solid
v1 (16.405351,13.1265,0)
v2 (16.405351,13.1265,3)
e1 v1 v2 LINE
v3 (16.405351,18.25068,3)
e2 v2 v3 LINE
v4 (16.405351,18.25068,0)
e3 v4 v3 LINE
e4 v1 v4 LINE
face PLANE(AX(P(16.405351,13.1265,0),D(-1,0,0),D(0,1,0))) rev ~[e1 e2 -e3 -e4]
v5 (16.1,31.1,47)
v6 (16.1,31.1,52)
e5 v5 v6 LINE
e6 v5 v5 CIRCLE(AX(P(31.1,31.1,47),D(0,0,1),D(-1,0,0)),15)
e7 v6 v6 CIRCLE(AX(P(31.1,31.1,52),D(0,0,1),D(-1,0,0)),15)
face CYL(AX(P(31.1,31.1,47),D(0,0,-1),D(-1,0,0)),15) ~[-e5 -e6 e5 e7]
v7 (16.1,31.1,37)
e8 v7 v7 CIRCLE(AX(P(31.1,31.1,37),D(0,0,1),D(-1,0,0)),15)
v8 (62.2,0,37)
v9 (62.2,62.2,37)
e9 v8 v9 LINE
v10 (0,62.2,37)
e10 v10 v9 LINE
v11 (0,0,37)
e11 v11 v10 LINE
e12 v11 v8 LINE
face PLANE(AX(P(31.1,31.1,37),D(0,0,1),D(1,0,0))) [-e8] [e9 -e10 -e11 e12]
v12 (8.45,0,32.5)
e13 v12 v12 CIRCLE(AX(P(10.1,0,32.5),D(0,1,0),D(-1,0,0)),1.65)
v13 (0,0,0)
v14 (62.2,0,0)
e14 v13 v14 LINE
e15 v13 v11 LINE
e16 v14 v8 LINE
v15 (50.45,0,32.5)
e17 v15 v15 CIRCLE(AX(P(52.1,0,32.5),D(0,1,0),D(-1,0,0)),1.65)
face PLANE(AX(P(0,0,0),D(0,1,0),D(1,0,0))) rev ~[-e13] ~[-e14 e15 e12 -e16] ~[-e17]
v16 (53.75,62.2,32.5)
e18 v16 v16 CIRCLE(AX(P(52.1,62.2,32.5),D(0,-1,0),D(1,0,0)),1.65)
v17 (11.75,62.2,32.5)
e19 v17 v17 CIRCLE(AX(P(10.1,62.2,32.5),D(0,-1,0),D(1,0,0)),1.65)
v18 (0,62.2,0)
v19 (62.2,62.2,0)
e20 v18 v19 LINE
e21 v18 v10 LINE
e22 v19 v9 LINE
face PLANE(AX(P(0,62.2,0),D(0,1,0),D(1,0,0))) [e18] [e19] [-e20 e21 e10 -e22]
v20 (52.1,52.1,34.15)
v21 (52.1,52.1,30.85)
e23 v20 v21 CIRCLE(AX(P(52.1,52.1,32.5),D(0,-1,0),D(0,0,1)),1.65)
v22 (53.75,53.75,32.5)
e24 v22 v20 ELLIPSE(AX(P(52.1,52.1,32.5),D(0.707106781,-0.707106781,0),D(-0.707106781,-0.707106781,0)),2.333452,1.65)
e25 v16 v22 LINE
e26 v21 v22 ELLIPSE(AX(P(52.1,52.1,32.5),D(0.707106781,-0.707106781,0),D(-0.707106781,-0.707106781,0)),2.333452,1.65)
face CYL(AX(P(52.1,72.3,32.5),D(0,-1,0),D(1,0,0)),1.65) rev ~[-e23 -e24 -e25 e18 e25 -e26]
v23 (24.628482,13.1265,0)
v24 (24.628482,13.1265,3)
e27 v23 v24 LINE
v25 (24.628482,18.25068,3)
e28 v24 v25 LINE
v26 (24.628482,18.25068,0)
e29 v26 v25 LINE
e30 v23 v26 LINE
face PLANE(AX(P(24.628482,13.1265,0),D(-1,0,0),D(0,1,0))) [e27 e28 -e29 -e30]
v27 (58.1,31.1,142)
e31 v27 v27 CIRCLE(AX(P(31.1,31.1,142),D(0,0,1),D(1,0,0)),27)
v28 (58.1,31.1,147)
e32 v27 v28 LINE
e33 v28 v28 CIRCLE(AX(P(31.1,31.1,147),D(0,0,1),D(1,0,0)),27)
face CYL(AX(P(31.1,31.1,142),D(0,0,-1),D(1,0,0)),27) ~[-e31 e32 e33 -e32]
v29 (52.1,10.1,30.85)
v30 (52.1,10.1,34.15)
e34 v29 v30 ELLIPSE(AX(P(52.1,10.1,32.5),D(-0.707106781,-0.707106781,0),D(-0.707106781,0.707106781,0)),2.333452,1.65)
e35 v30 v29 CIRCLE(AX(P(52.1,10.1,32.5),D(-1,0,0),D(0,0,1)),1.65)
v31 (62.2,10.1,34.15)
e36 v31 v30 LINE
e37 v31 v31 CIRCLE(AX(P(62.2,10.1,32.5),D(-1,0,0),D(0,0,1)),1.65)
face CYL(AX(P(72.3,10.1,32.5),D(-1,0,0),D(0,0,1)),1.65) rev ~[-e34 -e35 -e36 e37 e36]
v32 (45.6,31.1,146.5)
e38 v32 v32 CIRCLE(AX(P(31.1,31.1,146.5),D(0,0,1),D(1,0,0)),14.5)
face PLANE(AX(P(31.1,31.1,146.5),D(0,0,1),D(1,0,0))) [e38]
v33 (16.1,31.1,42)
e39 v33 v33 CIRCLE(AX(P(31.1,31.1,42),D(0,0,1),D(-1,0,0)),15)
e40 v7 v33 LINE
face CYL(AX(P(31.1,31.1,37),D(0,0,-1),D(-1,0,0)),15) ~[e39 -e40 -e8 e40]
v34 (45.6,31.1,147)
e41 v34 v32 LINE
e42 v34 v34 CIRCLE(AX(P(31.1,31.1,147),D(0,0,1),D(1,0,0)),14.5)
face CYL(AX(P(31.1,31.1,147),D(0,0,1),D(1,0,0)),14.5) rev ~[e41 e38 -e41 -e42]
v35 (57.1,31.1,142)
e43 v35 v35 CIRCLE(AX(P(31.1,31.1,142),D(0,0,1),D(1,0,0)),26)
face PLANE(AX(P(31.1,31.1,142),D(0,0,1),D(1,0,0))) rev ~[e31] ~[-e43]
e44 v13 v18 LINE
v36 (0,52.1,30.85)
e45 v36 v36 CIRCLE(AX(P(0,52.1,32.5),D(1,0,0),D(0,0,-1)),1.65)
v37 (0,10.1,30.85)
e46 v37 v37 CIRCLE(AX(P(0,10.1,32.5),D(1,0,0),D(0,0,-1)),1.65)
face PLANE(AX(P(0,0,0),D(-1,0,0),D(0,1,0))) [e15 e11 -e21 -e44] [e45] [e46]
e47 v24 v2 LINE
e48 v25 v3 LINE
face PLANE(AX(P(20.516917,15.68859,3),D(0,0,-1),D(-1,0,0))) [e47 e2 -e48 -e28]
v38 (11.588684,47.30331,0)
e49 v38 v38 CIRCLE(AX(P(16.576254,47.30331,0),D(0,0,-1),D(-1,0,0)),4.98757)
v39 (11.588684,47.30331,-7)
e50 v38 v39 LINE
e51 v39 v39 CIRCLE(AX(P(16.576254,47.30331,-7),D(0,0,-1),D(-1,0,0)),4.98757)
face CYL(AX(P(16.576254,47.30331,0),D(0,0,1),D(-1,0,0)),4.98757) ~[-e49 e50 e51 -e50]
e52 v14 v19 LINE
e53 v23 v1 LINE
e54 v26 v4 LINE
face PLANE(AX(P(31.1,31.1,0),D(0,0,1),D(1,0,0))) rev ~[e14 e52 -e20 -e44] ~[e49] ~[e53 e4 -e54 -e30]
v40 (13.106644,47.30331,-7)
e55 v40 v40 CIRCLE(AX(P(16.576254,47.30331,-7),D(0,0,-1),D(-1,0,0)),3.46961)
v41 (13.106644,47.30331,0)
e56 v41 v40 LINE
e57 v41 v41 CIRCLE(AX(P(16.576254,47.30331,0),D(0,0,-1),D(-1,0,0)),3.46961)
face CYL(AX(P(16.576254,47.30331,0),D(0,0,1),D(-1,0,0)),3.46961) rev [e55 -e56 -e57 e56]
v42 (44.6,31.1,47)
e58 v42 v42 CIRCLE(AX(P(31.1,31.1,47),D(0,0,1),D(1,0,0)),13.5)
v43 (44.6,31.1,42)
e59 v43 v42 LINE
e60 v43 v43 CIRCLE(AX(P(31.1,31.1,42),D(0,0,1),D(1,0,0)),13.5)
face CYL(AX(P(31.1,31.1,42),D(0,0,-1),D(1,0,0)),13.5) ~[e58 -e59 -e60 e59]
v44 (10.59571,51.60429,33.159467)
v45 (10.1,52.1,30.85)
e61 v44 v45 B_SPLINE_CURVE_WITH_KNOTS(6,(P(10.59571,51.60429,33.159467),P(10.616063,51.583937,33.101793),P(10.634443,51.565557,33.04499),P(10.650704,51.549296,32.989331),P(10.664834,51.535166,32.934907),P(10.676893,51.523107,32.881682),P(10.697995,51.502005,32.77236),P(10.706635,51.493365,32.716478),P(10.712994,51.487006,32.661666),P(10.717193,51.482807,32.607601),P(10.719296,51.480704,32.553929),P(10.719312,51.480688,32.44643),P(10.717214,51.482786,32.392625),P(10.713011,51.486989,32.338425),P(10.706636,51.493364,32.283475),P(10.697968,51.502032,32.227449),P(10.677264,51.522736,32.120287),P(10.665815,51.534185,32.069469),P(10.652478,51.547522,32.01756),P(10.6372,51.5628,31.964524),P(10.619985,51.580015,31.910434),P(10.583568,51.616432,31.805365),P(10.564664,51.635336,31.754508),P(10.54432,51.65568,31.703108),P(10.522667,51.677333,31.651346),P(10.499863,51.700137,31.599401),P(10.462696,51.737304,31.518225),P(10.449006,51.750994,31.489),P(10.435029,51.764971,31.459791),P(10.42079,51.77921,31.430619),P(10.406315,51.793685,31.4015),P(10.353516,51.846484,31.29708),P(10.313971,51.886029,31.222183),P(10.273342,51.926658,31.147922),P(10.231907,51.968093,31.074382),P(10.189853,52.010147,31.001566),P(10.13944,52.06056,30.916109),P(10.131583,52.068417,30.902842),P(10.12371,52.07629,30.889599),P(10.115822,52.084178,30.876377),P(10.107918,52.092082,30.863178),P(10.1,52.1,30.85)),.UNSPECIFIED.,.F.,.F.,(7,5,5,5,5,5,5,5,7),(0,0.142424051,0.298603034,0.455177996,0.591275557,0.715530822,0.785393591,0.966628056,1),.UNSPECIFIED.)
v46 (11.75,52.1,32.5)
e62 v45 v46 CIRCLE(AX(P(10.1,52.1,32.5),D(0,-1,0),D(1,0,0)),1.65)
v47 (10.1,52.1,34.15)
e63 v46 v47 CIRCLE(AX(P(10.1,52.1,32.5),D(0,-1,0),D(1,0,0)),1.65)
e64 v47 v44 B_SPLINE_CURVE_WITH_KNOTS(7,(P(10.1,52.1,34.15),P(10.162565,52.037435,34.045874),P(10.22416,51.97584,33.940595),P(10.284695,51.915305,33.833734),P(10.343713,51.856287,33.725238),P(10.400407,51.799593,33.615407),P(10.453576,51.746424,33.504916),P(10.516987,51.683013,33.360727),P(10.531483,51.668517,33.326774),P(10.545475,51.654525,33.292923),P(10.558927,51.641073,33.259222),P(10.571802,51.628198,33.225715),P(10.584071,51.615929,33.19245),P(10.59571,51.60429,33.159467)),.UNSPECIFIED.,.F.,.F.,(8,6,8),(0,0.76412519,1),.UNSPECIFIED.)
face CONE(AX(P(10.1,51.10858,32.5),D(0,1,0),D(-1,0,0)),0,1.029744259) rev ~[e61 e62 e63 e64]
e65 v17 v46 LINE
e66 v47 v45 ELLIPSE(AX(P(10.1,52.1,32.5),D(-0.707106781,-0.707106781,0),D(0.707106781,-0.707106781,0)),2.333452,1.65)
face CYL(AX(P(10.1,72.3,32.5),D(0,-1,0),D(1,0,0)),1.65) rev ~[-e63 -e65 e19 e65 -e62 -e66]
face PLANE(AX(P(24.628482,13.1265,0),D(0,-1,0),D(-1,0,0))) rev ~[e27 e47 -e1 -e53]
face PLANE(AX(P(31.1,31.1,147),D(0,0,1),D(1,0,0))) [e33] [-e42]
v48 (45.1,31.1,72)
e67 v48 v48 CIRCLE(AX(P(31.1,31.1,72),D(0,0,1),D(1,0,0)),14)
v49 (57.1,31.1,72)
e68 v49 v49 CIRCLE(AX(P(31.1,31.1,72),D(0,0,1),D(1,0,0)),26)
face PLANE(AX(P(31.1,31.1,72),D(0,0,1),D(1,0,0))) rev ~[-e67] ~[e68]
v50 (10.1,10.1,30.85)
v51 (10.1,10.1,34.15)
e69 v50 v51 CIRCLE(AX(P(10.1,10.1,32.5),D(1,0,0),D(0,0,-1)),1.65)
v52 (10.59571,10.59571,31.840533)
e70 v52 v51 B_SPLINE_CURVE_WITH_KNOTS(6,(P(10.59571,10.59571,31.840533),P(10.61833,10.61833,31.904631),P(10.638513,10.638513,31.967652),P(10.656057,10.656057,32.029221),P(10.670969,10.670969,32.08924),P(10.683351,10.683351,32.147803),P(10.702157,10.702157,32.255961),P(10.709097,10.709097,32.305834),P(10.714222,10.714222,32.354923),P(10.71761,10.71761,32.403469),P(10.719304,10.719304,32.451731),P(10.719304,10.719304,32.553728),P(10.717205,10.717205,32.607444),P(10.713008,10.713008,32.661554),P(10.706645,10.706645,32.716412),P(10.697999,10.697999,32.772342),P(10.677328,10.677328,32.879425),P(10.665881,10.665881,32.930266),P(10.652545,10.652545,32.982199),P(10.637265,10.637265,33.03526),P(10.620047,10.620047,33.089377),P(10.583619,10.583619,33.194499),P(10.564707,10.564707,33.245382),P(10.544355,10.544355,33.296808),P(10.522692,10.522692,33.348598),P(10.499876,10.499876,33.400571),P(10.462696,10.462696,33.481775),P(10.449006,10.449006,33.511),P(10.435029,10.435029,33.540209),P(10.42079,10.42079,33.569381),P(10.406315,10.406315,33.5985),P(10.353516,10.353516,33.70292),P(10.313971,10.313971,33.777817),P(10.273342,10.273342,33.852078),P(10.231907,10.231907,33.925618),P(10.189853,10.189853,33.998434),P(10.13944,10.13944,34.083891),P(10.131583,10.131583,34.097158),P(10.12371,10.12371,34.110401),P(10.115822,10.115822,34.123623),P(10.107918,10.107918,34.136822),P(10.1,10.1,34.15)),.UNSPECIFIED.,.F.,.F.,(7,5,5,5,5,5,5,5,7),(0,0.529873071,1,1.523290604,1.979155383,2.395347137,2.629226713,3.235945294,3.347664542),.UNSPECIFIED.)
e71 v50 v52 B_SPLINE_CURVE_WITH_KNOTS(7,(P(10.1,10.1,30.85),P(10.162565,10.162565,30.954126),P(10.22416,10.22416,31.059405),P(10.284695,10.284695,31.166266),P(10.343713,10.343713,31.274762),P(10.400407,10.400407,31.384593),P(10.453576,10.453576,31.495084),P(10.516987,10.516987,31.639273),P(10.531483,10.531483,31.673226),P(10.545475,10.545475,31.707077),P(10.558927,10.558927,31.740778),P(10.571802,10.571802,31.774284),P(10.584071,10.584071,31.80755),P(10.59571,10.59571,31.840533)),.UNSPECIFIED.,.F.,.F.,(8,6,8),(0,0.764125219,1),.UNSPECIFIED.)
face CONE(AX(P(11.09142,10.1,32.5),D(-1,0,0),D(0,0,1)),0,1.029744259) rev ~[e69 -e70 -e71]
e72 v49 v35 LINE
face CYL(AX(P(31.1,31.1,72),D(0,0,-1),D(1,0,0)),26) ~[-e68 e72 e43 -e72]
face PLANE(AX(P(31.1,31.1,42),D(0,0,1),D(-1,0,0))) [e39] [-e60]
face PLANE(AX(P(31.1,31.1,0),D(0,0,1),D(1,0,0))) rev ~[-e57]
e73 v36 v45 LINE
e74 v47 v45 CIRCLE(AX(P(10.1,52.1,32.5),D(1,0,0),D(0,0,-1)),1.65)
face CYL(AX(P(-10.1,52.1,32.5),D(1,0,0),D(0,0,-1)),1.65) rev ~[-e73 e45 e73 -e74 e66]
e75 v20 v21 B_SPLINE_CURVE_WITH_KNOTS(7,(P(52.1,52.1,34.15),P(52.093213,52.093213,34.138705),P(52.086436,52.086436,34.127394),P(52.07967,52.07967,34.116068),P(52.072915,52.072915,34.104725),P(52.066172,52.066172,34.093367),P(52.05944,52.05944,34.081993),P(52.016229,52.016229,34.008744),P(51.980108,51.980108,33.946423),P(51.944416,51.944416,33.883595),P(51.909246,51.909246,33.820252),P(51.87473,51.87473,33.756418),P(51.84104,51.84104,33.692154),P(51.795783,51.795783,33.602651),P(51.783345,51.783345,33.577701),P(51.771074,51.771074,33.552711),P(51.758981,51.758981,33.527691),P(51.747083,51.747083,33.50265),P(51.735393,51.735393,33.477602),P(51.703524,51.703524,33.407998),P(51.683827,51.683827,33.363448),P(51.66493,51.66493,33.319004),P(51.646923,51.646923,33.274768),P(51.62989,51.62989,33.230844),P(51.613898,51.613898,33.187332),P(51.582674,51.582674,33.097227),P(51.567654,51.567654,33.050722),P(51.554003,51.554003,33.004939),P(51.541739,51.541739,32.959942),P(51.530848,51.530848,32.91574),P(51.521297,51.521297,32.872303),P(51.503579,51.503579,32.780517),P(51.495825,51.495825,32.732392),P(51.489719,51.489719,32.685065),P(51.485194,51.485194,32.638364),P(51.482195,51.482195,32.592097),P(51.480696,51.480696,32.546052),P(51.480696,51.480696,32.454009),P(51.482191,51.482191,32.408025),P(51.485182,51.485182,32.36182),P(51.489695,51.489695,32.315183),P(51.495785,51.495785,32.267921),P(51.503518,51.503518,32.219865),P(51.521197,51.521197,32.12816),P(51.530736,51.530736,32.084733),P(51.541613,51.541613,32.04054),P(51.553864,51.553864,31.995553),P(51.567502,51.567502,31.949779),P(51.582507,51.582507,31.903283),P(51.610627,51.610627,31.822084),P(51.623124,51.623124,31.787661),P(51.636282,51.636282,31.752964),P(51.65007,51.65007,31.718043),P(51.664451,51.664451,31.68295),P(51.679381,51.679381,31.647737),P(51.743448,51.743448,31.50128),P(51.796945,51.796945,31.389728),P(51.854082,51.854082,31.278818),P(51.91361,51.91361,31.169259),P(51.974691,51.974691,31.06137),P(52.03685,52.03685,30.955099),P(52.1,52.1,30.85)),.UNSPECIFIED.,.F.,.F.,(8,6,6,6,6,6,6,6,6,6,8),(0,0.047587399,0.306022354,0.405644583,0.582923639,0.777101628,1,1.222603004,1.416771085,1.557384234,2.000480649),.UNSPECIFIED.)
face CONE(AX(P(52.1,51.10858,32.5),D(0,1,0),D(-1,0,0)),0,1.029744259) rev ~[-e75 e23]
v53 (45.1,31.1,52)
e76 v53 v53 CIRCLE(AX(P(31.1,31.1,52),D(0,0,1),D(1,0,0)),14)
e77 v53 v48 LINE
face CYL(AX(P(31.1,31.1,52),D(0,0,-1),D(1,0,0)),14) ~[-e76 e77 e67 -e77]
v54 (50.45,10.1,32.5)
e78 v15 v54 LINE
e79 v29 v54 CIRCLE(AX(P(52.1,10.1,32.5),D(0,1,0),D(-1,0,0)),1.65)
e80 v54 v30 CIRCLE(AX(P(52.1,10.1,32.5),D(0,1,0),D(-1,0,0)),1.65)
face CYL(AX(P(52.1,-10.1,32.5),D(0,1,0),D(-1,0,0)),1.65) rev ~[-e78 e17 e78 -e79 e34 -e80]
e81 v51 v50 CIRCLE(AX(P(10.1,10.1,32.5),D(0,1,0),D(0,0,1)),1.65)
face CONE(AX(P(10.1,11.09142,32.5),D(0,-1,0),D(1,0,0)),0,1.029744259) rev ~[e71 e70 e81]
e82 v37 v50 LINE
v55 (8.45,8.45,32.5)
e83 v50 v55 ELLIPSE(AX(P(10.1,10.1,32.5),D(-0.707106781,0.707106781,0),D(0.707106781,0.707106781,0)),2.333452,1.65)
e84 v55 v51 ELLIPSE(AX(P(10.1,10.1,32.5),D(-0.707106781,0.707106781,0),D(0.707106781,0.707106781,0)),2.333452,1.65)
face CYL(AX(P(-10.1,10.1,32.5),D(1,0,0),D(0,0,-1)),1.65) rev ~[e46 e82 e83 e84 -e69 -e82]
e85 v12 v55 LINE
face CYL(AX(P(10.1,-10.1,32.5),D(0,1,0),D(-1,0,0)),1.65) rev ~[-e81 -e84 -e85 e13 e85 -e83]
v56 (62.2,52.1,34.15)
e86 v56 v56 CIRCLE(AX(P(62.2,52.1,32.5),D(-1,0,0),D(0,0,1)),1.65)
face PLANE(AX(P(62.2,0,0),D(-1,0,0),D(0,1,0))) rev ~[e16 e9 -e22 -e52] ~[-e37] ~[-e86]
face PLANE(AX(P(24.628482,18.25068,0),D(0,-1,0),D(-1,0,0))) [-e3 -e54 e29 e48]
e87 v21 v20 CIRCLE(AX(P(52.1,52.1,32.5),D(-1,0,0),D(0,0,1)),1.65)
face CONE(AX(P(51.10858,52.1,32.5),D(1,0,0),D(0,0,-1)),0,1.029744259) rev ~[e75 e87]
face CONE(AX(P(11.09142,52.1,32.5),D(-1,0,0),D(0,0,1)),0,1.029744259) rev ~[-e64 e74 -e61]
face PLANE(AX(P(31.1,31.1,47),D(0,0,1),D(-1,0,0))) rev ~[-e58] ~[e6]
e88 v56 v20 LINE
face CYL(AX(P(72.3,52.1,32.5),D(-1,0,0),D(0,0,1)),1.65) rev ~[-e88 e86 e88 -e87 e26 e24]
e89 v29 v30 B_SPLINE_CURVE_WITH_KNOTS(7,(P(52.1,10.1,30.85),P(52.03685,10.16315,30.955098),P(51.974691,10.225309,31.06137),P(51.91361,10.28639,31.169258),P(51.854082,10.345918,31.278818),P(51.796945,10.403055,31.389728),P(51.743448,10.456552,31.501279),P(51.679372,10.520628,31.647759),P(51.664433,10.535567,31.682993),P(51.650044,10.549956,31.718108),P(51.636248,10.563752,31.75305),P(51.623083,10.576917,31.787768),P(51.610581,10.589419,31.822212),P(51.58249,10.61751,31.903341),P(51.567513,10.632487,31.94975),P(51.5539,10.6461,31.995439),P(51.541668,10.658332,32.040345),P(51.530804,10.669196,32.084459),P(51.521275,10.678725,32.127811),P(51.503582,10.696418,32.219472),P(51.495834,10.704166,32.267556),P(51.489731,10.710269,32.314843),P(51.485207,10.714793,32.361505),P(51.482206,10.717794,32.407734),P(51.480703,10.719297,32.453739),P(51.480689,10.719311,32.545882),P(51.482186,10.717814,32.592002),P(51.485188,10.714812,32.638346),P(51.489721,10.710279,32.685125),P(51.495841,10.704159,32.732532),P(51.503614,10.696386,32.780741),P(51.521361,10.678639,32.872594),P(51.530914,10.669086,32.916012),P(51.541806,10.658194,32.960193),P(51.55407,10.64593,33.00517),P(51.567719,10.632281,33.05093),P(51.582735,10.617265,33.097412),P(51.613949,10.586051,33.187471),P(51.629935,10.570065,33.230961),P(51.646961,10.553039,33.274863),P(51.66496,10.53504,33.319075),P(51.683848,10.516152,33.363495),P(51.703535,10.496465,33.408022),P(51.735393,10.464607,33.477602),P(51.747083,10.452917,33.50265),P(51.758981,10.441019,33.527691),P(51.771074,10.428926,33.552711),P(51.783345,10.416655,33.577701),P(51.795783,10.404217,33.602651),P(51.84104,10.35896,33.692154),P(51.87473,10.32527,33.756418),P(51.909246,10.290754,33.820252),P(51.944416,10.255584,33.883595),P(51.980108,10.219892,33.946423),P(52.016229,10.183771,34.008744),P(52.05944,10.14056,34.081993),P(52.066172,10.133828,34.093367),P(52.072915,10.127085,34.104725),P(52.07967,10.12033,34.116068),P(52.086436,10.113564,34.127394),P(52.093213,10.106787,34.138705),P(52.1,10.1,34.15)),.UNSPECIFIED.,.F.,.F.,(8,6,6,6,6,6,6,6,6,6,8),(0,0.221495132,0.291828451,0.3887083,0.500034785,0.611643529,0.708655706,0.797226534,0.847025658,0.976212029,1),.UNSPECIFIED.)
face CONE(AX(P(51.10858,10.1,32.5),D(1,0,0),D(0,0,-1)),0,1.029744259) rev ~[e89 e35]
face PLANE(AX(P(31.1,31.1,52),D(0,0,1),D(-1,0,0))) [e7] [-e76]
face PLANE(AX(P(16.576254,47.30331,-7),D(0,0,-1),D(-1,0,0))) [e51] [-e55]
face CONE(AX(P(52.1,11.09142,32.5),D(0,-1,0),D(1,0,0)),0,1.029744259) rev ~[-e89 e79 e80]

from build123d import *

# Parameters (mm, degrees)
SKETCH_1_W             = 62.2
SKETCH_1_H             = 62.2
EXTRUDE_1_DEPTH        = 37
SKETCH_2_R             = 15
EXTRUDE_2_DEPTH        = 5
SKETCH_3_R             = 13.5
EXTRUDE_3_DEPTH        = 5
SKETCH_4_R             = 15
EXTRUDE_4_DEPTH        = 5
SKETCH_5_R             = 14
EXTRUDE_5_DEPTH        = 20
SKETCH_6_R             = 26
EXTRUDE_6_DEPTH        = 70
SKETCH_7_R             = 27
EXTRUDE_7_DEPTH        = 5
SKETCH_8_R             = 14.5
CUT_EXTRUDE_1_DEPTH    = 0.5
SKETCH_9_R             = 4.987570285
SKETCH_9_R_2           = 3.46960963
EXTRUDE_8_DEPTH        = 7
SKETCH_10_W            = 8.223130645
SKETCH_10_H            = 5.124180357
CUT_EXTRUDE_2_DEPTH    = 3
HOLE_WIZARD_M4_1_D     = 3.3
HOLE_WIZARD_M4_1_DEPTH = 10.1
HOLE_WIZARD_M4_1_TIP   = 0.991420021
HOLE_WIZARD_M4_2_D     = 3.3
HOLE_WIZARD_M4_2_DEPTH = 10.1
HOLE_WIZARD_M4_2_TIP   = 0.991420021
HOLE_WIZARD_M4_3_D     = 3.3
HOLE_WIZARD_M4_3_DEPTH = 10.1
HOLE_WIZARD_M4_3_TIP   = 0.991420021
HOLE_WIZARD_M4_4_D     = 3.3
HOLE_WIZARD_M4_4_DEPTH = 10.1
HOLE_WIZARD_M4_4_TIP   = 0.991420021


with BuildPart() as part:
    # 草图1 → 凸台-拉伸1 (new body)
    with BuildSketch(Plane.XY):
        with Locations((31.1, 31.1)):
            Rectangle(SKETCH_1_W, SKETCH_1_H)
    extrude(amount=EXTRUDE_1_DEPTH)

    # 草图2 → 凸台-拉伸2 (add)
    with BuildSketch(Plane.XY.offset(37)):
        with Locations(Location((31.1, 31.1, 0), (0, 0, 180))):
            Circle(SKETCH_2_R)
    extrude(amount=EXTRUDE_2_DEPTH)

    # 草图3 → 凸台-拉伸3 (add)
    with BuildSketch(Plane.XY.offset(42)):
        with Locations((31.1, 31.1)):
            Circle(SKETCH_3_R)
    extrude(amount=EXTRUDE_3_DEPTH)

    # 草图4 → 凸台-拉伸4 (add)
    with BuildSketch(Plane.XY.offset(47)):
        with Locations(Location((31.1, 31.1, 0), (0, 0, 180))):
            Circle(SKETCH_4_R)
    extrude(amount=EXTRUDE_4_DEPTH)

    # 草图5 → 凸台-拉伸5 (add)
    with BuildSketch(Plane.XY.offset(52)):
        with Locations((31.1, 31.1)):
            Circle(SKETCH_5_R)
    extrude(amount=EXTRUDE_5_DEPTH)

    # 草图6 → 凸台-拉伸6 (add)
    with BuildSketch(Plane.XY.offset(72)):
        with Locations((31.1, 31.1)):
            Circle(SKETCH_6_R)
    extrude(amount=EXTRUDE_6_DEPTH)

    # 草图7 → 凸台-拉伸7 (add)
    with BuildSketch(Plane.XY.offset(142)):
        with Locations((31.1, 31.1)):
            Circle(SKETCH_7_R)
    extrude(amount=EXTRUDE_7_DEPTH)

    # 草图8 → 切除-拉伸1 (cut)
    with BuildSketch(Plane.XY.offset(147)):
        with Locations((31.1, 31.1)):
            Circle(SKETCH_8_R)
    extrude(amount=-CUT_EXTRUDE_1_DEPTH, mode=Mode.SUBTRACT)

    # 草图9 → 凸台-拉伸8 (add)
    with BuildSketch(Plane(origin=(0, 0, 0), x_dir=(-1, 0, 0), z_dir=(0, 0, -1))):
        with Locations((-16.576254003, 47.30330958)):
            Circle(SKETCH_9_R)
        with Locations((-16.576254003, 47.30330958)):
            Circle(SKETCH_9_R_2, mode=Mode.SUBTRACT)
    extrude(amount=EXTRUDE_8_DEPTH)

    # 草图10 → 切除-拉伸2 (cut)
    with BuildSketch(Plane(origin=(0, 0, 0), x_dir=(-1, 0, 0), z_dir=(0, 0, -1))):
        with Locations((-20.516916702, 15.688590304)):
            Rectangle(SKETCH_10_W, SKETCH_10_H)
    extrude(amount=-CUT_EXTRUDE_2_DEPTH, mode=Mode.SUBTRACT)

    # M4 螺纹孔1
    with Locations(Plane(origin=(0, 62.2, 0), x_dir=(-1, 0, 0), z_dir=(0, 1, 0))):
        with Locations((-10.1, 32.5), (-52.1, 32.5)):
            Hole(HOLE_WIZARD_M4_1_D / 2, depth=HOLE_WIZARD_M4_1_DEPTH)
            with Locations((0, 0, -(HOLE_WIZARD_M4_1_DEPTH + HOLE_WIZARD_M4_1_TIP / 2))):  # 118° drill point
                Cone(0, HOLE_WIZARD_M4_1_D / 2, HOLE_WIZARD_M4_1_TIP, mode=Mode.SUBTRACT)

    # M4 螺纹孔2
    with Locations(Plane(origin=(62.2, 0, 0), x_dir=(0, 0, -1), z_dir=(1, 0, 0))):
        with Locations((-32.5, 10.1), (-32.5, 52.1)):
            Hole(HOLE_WIZARD_M4_2_D / 2, depth=HOLE_WIZARD_M4_2_DEPTH)
            with Locations((0, 0, -(HOLE_WIZARD_M4_2_DEPTH + HOLE_WIZARD_M4_2_TIP / 2))):  # 118° drill point
                Cone(0, HOLE_WIZARD_M4_2_D / 2, HOLE_WIZARD_M4_2_TIP, mode=Mode.SUBTRACT)

    # M4 螺纹孔3
    with Locations(Plane.XZ):
        with Locations((10.1, 32.5), (52.1, 32.5)):
            Hole(HOLE_WIZARD_M4_3_D / 2, depth=HOLE_WIZARD_M4_3_DEPTH)
            with Locations((0, 0, -(HOLE_WIZARD_M4_3_DEPTH + HOLE_WIZARD_M4_3_TIP / 2))):  # 118° drill point
                Cone(0, HOLE_WIZARD_M4_3_D / 2, HOLE_WIZARD_M4_3_TIP, mode=Mode.SUBTRACT)

    # M4 螺纹孔4
    with Locations(Plane.ZY):
        with Locations((32.5, 52.1), (32.5, 10.1)):
            Hole(HOLE_WIZARD_M4_4_D / 2, depth=HOLE_WIZARD_M4_4_DEPTH)
            with Locations((0, 0, -(HOLE_WIZARD_M4_4_DEPTH + HOLE_WIZARD_M4_4_TIP / 2))):  # 118° drill point
                Cone(0, HOLE_WIZARD_M4_4_D / 2, HOLE_WIZARD_M4_4_TIP, mode=Mode.SUBTRACT)


solid = part.part
